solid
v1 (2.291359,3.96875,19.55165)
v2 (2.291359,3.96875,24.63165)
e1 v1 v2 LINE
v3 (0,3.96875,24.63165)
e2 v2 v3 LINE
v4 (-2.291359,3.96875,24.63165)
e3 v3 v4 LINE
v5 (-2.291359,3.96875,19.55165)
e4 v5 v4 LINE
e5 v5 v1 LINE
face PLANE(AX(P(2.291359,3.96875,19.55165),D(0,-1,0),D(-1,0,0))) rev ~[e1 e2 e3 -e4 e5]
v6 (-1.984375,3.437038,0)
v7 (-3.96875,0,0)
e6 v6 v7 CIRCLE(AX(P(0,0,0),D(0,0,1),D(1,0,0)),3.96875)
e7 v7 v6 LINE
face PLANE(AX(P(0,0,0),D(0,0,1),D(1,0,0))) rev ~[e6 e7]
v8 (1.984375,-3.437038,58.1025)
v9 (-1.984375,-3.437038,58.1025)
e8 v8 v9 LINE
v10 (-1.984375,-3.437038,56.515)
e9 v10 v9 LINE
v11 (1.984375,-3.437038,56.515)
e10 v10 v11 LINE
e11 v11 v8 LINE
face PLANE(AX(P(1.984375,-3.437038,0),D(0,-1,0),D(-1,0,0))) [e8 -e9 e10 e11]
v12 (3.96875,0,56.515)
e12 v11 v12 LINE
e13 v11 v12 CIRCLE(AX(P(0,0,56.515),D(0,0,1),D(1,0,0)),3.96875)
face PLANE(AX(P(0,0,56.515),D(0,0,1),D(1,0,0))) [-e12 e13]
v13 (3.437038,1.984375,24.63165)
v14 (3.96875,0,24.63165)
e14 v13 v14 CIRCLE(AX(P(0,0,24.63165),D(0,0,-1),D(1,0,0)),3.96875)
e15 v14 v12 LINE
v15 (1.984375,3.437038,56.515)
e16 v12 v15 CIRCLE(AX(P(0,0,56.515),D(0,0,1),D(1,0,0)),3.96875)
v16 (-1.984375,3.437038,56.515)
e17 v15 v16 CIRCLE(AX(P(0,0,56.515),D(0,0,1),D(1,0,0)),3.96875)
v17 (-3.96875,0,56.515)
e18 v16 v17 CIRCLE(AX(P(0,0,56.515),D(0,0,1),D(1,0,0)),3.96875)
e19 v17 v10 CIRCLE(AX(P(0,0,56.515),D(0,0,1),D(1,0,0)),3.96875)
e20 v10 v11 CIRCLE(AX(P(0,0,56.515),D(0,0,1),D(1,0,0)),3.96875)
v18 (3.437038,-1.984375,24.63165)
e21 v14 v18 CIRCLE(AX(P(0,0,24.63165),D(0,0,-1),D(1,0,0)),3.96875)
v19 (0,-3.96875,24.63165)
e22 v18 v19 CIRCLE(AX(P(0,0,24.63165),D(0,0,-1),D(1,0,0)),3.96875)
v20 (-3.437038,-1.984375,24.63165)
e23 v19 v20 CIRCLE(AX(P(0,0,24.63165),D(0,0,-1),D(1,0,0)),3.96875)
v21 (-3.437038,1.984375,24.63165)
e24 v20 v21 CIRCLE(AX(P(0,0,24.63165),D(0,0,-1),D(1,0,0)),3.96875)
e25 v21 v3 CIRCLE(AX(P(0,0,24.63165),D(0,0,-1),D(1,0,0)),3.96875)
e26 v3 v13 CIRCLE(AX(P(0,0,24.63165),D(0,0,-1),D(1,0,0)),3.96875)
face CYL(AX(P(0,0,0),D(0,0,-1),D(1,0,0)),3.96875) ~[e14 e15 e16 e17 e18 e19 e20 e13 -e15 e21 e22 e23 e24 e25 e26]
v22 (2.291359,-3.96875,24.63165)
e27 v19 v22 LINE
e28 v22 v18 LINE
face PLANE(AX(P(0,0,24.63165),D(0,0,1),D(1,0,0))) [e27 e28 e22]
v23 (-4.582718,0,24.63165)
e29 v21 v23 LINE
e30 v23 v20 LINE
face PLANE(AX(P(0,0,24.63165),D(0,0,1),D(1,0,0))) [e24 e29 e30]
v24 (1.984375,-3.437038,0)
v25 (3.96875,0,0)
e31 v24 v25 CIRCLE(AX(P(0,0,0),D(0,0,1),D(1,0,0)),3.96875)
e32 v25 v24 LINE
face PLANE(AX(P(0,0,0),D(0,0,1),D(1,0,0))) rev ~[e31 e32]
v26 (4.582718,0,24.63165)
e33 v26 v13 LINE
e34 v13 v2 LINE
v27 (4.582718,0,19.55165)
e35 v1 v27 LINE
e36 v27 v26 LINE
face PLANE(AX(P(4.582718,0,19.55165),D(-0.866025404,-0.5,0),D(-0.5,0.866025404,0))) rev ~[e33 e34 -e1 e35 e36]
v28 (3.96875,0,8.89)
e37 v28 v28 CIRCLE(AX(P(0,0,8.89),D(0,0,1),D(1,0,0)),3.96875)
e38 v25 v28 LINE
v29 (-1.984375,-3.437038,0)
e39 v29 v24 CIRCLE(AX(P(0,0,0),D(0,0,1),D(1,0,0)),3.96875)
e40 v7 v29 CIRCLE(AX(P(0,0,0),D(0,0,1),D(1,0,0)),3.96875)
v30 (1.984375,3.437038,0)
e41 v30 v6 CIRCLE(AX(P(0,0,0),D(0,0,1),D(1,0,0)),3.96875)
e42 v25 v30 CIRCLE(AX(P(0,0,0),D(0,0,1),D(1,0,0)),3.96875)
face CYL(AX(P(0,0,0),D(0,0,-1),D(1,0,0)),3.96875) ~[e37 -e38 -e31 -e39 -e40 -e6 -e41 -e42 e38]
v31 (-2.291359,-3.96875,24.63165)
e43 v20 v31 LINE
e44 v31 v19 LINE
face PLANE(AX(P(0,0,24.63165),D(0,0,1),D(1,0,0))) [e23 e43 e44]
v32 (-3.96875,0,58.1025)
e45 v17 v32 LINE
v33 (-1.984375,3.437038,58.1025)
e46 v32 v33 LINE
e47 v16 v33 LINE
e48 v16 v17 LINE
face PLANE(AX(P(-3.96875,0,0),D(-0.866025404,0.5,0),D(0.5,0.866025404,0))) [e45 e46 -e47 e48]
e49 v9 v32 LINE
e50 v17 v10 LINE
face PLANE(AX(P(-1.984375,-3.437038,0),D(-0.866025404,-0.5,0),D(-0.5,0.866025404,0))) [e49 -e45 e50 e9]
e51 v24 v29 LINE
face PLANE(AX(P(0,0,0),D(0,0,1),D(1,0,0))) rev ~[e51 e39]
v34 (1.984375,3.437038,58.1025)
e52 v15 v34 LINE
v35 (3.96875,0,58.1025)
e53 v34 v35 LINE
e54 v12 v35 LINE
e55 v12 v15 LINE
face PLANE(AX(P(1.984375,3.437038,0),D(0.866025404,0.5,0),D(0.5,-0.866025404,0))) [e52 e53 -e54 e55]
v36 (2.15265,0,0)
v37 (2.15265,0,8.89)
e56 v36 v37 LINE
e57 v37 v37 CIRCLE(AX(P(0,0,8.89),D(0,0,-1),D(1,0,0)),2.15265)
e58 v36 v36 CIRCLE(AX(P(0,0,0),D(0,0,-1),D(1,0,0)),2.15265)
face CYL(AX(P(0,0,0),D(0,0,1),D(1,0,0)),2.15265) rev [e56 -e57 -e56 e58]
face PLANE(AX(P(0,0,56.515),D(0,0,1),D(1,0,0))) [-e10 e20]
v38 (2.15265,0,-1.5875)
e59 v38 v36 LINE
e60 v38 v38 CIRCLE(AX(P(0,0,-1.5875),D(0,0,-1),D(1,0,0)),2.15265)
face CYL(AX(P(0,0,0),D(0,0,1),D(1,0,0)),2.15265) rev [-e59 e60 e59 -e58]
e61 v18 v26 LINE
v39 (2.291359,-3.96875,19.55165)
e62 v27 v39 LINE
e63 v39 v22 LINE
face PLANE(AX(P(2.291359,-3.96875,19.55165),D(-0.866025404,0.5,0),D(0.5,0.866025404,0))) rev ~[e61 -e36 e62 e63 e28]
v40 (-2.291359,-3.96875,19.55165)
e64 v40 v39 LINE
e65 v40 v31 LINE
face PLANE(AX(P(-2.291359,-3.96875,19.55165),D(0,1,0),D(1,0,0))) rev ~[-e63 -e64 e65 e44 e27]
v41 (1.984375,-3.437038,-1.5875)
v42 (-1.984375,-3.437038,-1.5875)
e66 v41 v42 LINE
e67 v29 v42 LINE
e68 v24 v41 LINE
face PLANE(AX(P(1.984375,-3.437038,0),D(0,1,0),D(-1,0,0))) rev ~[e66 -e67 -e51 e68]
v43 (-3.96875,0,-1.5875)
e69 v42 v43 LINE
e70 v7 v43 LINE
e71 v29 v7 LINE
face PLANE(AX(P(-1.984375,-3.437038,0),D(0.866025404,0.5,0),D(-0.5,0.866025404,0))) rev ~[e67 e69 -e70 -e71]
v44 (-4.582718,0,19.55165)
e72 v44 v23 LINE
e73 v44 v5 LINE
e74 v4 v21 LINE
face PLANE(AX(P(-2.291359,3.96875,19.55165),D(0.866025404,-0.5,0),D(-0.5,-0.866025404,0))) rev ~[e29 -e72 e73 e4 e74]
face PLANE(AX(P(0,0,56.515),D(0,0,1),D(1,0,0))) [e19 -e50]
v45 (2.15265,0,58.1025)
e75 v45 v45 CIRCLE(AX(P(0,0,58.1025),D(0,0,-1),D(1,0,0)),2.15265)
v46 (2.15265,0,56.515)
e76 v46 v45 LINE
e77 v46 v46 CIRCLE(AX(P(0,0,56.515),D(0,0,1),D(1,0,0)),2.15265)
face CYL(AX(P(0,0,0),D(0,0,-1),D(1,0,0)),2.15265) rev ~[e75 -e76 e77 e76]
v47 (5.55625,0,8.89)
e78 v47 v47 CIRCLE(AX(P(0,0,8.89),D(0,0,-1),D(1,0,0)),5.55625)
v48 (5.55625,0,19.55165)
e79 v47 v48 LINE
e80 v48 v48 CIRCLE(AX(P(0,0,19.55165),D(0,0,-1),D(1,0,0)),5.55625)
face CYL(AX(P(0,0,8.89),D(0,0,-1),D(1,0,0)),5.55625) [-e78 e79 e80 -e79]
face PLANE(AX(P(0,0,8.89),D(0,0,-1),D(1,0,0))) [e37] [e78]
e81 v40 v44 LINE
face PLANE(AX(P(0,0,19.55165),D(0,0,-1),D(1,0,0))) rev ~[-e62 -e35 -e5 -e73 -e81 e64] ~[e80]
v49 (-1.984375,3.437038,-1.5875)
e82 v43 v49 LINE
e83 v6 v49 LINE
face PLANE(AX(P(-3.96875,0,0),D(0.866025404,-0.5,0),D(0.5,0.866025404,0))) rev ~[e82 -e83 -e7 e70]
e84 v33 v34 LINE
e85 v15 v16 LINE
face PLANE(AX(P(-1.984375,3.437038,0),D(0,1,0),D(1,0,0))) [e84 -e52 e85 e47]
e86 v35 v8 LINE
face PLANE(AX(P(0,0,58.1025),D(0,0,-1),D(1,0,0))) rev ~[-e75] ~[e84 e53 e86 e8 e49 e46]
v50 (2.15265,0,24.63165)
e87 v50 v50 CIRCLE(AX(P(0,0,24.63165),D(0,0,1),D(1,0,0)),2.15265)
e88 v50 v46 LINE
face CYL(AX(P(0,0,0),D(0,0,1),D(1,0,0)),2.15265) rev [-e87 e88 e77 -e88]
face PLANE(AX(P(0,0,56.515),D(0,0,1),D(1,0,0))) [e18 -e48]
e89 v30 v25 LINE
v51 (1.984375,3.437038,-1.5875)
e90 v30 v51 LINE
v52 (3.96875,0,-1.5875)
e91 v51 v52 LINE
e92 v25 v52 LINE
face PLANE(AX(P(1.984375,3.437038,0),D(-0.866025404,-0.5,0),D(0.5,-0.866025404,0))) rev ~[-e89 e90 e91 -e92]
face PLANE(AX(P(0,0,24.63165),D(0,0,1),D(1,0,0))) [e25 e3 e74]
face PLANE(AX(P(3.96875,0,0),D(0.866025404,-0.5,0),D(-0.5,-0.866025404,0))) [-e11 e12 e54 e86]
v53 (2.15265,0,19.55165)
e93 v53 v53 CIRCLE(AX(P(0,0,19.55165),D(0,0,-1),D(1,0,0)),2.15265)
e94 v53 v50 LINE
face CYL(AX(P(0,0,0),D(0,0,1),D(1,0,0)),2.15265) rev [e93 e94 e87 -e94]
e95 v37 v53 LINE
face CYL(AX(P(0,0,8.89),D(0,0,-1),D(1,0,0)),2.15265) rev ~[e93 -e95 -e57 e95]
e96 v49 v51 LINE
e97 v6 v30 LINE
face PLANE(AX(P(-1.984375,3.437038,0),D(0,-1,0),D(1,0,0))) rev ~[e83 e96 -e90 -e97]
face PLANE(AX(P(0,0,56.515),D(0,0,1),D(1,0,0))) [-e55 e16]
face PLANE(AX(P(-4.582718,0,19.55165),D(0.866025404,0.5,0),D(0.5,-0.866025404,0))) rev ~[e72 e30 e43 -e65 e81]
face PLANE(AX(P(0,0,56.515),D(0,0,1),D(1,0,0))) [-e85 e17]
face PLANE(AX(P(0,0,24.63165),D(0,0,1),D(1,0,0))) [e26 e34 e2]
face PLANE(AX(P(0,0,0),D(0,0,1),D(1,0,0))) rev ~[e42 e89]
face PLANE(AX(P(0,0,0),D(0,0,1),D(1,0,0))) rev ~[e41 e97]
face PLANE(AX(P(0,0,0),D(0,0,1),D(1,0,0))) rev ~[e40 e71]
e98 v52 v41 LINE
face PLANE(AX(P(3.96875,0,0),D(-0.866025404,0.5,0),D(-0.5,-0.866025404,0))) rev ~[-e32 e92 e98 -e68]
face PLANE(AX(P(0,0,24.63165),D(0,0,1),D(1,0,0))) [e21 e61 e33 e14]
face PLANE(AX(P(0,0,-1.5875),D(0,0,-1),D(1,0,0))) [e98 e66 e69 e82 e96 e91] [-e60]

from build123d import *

# Parameters (mm, degrees)
F0_R          = 3.96875
F0_R_2        = 2.15265
F1_DEPTH      = 56.515
F3_R          = 2.15265
F4_DEPTH      = 1.5875
F4_DEPTH_BACK = 58.1025
F6_R          = 5.55625
F6_R_2        = 2.15265
F7_DEPTH      = 10.66165
F8_R          = 2.15265
F9_DEPTH      = 5.08


with BuildPart() as f1:
    # F0 (on Top) → F1 (new body)
    with BuildSketch(Plane.XY):
        Circle(F0_R)
        Circle(F0_R_2, mode=Mode.SUBTRACT)
    extrude(amount=F1_DEPTH)

    # F3 (on face) → F4 (join, two sides)
    with BuildSketch(Plane(origin=(0, 0, 0), x_dir=(1, 0, 0), z_dir=(0, 0, -1))) as f4_sk:
        Polygon((-1.984375, -3.4370383213), (1.984375, -3.4370383213), (3.96875, 0), (1.984375, 3.4370383213), (-1.984375, 3.4370383213), (-3.96875, 0), align=None)
        Circle(F3_R, mode=Mode.SUBTRACT)
    extrude(amount=F4_DEPTH)
    extrude(f4_sk.sketch, amount=-F4_DEPTH_BACK)

    # F6 (on offset) → F7 (join)
    with BuildSketch(Plane(origin=(0, 0, 8.89), x_dir=(1, 0, 0), z_dir=(0, 0, -1))):
        Circle(F6_R)
        Circle(F6_R_2, mode=Mode.SUBTRACT)
    extrude(amount=-F7_DEPTH)

    # F8 (on face) → F9 (join)
    with BuildSketch(Plane.XY.offset(19.55165)):
        Polygon((-2.2913588808, -3.96875), (2.2913588808, -3.96875), (4.5827177617, 0), (2.2913588808, 3.96875), (-2.2913588808, 3.96875), (-4.5827177617, 0), align=None)
        Circle(F8_R, mode=Mode.SUBTRACT)
    extrude(amount=F9_DEPTH)


solid = f1.part
